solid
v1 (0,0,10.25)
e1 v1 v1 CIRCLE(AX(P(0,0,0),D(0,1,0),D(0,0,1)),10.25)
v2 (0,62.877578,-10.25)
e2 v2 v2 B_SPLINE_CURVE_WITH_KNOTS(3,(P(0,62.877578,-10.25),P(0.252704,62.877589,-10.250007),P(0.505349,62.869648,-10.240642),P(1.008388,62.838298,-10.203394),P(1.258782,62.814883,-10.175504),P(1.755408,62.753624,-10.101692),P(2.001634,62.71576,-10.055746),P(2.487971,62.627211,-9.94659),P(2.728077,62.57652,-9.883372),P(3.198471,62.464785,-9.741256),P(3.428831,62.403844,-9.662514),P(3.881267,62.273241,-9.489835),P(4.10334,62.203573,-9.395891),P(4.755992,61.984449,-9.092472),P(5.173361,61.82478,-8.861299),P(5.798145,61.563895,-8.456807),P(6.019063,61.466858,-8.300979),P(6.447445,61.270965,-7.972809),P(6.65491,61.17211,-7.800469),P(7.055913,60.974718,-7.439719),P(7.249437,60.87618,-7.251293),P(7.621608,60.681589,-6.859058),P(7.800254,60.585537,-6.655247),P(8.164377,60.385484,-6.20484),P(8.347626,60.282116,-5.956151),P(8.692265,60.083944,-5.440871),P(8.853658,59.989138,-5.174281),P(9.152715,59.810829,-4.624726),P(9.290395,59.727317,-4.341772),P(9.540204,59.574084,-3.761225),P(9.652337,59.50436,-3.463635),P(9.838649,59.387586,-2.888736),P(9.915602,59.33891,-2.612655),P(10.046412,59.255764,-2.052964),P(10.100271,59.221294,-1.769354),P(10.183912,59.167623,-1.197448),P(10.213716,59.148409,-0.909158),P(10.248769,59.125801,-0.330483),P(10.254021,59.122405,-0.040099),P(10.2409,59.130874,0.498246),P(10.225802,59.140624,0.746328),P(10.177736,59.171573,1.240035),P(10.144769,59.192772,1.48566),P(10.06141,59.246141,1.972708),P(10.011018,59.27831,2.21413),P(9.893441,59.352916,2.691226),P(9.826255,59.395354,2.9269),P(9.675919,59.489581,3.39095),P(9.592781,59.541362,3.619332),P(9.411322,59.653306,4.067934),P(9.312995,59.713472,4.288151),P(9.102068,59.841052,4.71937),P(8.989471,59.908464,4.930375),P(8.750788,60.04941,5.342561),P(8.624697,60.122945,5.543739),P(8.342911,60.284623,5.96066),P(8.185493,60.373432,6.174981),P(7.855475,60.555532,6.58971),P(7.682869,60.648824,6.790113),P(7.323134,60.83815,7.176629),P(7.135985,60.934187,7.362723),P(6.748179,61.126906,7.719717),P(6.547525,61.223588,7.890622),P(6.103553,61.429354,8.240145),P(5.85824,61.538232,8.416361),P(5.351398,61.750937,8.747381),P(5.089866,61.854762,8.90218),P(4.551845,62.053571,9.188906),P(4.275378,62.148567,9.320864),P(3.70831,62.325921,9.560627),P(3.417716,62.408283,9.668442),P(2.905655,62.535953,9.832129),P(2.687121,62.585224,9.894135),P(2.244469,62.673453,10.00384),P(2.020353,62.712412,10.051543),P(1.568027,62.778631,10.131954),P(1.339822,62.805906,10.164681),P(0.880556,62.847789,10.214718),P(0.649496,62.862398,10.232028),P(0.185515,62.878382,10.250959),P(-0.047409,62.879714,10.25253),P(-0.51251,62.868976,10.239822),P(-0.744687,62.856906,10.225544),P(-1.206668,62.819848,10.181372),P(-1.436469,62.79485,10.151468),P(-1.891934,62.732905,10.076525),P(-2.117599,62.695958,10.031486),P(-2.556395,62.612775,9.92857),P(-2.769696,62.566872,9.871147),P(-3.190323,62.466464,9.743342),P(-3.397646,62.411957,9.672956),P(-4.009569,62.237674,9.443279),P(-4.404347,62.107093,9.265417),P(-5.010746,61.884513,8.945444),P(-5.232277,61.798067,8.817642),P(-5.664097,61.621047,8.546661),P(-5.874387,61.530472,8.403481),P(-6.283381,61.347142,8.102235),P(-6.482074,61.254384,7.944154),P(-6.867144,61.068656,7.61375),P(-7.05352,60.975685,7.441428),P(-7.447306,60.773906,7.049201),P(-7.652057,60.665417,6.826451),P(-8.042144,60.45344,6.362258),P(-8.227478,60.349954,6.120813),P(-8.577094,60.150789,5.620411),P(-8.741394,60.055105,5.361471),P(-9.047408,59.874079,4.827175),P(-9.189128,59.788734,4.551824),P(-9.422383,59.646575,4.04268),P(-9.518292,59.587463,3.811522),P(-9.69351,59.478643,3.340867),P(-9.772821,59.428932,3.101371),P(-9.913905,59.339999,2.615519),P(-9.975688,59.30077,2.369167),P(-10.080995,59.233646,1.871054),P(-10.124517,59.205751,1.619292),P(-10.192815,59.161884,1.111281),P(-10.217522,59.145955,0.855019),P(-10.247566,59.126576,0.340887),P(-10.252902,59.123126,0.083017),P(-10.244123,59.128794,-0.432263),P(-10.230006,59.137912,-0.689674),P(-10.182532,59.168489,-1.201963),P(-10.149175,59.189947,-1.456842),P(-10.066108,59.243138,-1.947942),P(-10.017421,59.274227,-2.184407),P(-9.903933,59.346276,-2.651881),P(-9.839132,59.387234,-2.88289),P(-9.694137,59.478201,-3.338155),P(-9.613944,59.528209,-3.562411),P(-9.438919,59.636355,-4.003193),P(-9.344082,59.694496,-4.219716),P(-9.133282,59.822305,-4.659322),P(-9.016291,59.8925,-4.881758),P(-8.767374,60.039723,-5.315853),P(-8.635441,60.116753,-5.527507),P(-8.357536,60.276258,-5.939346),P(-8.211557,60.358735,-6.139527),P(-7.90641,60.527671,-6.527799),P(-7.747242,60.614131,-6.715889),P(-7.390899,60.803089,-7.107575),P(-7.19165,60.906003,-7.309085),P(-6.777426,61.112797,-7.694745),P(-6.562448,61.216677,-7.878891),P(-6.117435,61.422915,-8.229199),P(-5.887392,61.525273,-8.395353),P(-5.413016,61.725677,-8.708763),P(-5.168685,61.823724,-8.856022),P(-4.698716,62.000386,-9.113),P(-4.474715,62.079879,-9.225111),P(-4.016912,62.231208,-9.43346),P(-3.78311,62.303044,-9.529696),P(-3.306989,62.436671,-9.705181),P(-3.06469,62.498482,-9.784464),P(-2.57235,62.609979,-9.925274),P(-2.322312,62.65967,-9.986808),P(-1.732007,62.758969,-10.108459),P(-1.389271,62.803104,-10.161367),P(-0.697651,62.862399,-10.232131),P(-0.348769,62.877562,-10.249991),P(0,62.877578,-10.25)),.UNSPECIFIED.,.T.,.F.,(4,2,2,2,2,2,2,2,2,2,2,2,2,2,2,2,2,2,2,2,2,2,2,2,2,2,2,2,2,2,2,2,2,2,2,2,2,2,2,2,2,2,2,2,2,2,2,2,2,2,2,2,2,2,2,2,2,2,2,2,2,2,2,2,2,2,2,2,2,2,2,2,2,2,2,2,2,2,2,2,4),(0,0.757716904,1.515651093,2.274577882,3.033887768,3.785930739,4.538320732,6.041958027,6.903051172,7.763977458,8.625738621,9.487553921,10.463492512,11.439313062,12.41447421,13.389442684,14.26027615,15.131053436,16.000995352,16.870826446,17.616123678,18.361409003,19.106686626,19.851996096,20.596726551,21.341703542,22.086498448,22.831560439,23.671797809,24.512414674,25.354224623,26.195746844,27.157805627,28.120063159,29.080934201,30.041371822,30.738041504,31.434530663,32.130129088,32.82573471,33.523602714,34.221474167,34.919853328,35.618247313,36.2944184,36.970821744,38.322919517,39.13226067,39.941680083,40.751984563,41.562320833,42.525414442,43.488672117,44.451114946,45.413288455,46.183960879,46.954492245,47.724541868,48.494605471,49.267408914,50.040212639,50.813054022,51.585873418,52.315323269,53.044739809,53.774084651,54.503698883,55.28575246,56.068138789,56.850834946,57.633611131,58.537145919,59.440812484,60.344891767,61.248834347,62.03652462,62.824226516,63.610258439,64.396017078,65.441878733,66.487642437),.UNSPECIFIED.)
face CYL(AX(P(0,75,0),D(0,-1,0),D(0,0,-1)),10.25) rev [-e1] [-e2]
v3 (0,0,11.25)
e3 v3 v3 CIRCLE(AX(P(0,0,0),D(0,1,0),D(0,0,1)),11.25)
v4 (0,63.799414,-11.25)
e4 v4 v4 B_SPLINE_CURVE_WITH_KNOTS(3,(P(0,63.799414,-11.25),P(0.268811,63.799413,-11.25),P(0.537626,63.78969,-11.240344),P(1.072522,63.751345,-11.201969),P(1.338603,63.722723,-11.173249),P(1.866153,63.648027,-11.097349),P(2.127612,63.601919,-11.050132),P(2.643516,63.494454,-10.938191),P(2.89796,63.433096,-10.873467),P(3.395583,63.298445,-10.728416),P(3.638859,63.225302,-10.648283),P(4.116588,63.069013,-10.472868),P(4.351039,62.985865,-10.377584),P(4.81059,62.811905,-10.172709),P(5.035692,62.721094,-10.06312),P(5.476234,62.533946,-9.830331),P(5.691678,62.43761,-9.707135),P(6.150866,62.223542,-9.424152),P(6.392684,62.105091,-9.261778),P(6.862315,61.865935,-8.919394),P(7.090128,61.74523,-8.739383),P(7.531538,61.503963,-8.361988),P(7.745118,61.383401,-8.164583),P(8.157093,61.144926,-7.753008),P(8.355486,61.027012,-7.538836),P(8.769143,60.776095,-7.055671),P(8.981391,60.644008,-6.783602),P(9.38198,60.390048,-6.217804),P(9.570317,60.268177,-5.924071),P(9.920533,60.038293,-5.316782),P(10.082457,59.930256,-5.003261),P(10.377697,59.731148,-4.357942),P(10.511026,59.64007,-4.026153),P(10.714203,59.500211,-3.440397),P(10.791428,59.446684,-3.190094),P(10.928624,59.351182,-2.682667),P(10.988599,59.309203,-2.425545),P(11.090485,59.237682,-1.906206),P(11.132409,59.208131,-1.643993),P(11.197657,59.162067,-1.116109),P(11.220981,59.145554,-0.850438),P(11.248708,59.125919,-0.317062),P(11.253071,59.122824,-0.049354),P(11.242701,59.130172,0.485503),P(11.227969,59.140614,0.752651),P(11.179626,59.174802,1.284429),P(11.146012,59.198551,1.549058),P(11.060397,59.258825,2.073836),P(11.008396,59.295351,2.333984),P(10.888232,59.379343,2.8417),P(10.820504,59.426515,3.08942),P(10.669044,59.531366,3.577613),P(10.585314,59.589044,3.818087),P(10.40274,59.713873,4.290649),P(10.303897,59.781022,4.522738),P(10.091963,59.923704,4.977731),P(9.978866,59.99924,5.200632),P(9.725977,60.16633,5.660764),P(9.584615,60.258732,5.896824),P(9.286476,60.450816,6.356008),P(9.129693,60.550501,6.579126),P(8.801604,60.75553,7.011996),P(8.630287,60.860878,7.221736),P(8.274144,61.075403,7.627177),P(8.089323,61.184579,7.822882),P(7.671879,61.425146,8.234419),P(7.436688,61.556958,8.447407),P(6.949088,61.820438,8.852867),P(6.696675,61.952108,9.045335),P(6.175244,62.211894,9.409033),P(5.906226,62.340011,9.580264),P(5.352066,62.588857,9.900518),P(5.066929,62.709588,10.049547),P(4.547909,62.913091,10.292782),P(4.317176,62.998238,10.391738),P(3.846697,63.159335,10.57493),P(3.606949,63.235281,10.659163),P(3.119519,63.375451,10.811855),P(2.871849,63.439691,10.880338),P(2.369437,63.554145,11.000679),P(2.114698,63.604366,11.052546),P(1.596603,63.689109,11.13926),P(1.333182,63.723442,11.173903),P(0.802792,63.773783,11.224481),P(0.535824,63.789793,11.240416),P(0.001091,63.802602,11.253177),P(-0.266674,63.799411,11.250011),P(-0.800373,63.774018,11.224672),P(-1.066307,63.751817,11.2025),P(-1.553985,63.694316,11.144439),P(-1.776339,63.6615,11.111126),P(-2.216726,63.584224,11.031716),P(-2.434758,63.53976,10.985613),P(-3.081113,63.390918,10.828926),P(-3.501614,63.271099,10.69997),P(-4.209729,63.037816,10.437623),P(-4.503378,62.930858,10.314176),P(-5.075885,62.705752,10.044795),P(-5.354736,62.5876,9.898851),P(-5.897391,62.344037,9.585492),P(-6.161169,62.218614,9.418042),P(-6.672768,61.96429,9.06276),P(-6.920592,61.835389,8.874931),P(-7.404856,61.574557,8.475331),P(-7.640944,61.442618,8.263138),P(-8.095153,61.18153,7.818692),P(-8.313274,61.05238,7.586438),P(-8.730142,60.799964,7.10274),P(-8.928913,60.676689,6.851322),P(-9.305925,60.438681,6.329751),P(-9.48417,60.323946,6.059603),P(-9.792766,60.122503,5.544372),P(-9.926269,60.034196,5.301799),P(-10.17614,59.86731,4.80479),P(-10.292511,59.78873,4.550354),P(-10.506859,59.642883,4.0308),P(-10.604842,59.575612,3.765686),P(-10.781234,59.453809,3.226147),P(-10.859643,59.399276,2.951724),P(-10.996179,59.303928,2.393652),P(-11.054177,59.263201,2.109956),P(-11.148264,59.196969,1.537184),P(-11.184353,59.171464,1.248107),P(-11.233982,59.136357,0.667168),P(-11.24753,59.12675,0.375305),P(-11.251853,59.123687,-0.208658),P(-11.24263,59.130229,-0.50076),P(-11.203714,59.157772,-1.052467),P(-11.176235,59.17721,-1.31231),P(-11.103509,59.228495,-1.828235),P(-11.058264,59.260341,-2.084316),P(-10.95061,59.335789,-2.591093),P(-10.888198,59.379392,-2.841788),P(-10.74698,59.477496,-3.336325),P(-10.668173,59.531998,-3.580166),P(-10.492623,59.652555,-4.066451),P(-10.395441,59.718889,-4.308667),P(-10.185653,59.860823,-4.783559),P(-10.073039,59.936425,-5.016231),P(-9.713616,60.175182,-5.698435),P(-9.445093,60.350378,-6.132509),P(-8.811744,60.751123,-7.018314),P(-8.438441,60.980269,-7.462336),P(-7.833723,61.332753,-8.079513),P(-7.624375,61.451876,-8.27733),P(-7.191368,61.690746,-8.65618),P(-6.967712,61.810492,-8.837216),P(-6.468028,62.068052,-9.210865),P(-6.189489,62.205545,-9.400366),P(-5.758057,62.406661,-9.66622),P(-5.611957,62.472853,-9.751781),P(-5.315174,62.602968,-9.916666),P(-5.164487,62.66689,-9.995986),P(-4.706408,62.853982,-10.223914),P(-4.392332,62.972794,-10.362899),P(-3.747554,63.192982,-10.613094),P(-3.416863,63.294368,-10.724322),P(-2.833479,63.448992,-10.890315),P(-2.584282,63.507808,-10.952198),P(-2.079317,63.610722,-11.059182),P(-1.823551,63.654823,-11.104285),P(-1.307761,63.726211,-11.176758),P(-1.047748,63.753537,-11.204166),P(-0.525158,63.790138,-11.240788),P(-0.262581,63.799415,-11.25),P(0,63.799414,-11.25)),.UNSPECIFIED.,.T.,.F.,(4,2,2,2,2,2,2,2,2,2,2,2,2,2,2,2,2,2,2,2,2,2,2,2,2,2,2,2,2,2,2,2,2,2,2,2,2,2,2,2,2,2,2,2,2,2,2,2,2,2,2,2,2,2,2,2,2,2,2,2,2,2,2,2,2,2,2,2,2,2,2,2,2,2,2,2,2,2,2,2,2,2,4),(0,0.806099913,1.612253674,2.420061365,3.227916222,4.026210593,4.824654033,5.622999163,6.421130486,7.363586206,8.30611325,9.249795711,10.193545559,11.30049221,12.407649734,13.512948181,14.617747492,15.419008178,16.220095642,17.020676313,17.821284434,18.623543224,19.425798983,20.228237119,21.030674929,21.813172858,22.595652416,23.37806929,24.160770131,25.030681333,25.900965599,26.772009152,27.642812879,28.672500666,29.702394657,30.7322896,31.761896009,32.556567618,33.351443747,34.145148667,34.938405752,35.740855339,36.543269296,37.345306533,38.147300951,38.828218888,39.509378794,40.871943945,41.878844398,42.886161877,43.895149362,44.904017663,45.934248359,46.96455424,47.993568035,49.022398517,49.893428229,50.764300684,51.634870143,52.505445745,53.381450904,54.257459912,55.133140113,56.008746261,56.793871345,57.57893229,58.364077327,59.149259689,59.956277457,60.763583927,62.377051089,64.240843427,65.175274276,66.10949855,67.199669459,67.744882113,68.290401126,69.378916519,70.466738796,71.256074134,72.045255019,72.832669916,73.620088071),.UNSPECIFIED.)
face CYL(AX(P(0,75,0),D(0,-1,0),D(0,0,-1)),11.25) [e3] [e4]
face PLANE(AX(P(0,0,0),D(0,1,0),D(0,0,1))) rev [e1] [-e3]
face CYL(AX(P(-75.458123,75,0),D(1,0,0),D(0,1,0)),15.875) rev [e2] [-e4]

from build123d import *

# Parameters (mm, degrees)
SKETCH1_R           = 11.25
SKETCH1_R_2         = 10.25
BOSS_EXTRUDE1_DEPTH = 75
SKETCH3_R           = 15.875


with BuildPart() as part:
    # Sketch1 → Boss-Extrude1 (new body)
    with BuildSketch(Plane(origin=(0, 0, 0), x_dir=(1, 0, 0), z_dir=(0, 1, 0))):
        with Locations(Location((0, 0, 0), (0, 0, 270))):
            Circle(SKETCH1_R)
        with Locations(Location((0, 0, 0), (0, 0, 270))):
            Circle(SKETCH1_R_2, mode=Mode.SUBTRACT)
    extrude(amount=BOSS_EXTRUDE1_DEPTH)

    # Cut-Sweep1: sweep along a path in Sketch2
    with BuildLine(Plane.XY) as cut_sweep1_path:
        Line((-75.458123022, 75), (31.147702825, 75))
    # Sketch3 → Cut-Sweep1 (sweep, cut)
    with BuildSketch(Plane(origin=(31.147702825, 75, 0), x_dir=(0, -1, 0), z_dir=(1, 0, 0))):
        Circle(SKETCH3_R)
    sweep(path=cut_sweep1_path.line, mode=Mode.SUBTRACT)


solid = part.part
